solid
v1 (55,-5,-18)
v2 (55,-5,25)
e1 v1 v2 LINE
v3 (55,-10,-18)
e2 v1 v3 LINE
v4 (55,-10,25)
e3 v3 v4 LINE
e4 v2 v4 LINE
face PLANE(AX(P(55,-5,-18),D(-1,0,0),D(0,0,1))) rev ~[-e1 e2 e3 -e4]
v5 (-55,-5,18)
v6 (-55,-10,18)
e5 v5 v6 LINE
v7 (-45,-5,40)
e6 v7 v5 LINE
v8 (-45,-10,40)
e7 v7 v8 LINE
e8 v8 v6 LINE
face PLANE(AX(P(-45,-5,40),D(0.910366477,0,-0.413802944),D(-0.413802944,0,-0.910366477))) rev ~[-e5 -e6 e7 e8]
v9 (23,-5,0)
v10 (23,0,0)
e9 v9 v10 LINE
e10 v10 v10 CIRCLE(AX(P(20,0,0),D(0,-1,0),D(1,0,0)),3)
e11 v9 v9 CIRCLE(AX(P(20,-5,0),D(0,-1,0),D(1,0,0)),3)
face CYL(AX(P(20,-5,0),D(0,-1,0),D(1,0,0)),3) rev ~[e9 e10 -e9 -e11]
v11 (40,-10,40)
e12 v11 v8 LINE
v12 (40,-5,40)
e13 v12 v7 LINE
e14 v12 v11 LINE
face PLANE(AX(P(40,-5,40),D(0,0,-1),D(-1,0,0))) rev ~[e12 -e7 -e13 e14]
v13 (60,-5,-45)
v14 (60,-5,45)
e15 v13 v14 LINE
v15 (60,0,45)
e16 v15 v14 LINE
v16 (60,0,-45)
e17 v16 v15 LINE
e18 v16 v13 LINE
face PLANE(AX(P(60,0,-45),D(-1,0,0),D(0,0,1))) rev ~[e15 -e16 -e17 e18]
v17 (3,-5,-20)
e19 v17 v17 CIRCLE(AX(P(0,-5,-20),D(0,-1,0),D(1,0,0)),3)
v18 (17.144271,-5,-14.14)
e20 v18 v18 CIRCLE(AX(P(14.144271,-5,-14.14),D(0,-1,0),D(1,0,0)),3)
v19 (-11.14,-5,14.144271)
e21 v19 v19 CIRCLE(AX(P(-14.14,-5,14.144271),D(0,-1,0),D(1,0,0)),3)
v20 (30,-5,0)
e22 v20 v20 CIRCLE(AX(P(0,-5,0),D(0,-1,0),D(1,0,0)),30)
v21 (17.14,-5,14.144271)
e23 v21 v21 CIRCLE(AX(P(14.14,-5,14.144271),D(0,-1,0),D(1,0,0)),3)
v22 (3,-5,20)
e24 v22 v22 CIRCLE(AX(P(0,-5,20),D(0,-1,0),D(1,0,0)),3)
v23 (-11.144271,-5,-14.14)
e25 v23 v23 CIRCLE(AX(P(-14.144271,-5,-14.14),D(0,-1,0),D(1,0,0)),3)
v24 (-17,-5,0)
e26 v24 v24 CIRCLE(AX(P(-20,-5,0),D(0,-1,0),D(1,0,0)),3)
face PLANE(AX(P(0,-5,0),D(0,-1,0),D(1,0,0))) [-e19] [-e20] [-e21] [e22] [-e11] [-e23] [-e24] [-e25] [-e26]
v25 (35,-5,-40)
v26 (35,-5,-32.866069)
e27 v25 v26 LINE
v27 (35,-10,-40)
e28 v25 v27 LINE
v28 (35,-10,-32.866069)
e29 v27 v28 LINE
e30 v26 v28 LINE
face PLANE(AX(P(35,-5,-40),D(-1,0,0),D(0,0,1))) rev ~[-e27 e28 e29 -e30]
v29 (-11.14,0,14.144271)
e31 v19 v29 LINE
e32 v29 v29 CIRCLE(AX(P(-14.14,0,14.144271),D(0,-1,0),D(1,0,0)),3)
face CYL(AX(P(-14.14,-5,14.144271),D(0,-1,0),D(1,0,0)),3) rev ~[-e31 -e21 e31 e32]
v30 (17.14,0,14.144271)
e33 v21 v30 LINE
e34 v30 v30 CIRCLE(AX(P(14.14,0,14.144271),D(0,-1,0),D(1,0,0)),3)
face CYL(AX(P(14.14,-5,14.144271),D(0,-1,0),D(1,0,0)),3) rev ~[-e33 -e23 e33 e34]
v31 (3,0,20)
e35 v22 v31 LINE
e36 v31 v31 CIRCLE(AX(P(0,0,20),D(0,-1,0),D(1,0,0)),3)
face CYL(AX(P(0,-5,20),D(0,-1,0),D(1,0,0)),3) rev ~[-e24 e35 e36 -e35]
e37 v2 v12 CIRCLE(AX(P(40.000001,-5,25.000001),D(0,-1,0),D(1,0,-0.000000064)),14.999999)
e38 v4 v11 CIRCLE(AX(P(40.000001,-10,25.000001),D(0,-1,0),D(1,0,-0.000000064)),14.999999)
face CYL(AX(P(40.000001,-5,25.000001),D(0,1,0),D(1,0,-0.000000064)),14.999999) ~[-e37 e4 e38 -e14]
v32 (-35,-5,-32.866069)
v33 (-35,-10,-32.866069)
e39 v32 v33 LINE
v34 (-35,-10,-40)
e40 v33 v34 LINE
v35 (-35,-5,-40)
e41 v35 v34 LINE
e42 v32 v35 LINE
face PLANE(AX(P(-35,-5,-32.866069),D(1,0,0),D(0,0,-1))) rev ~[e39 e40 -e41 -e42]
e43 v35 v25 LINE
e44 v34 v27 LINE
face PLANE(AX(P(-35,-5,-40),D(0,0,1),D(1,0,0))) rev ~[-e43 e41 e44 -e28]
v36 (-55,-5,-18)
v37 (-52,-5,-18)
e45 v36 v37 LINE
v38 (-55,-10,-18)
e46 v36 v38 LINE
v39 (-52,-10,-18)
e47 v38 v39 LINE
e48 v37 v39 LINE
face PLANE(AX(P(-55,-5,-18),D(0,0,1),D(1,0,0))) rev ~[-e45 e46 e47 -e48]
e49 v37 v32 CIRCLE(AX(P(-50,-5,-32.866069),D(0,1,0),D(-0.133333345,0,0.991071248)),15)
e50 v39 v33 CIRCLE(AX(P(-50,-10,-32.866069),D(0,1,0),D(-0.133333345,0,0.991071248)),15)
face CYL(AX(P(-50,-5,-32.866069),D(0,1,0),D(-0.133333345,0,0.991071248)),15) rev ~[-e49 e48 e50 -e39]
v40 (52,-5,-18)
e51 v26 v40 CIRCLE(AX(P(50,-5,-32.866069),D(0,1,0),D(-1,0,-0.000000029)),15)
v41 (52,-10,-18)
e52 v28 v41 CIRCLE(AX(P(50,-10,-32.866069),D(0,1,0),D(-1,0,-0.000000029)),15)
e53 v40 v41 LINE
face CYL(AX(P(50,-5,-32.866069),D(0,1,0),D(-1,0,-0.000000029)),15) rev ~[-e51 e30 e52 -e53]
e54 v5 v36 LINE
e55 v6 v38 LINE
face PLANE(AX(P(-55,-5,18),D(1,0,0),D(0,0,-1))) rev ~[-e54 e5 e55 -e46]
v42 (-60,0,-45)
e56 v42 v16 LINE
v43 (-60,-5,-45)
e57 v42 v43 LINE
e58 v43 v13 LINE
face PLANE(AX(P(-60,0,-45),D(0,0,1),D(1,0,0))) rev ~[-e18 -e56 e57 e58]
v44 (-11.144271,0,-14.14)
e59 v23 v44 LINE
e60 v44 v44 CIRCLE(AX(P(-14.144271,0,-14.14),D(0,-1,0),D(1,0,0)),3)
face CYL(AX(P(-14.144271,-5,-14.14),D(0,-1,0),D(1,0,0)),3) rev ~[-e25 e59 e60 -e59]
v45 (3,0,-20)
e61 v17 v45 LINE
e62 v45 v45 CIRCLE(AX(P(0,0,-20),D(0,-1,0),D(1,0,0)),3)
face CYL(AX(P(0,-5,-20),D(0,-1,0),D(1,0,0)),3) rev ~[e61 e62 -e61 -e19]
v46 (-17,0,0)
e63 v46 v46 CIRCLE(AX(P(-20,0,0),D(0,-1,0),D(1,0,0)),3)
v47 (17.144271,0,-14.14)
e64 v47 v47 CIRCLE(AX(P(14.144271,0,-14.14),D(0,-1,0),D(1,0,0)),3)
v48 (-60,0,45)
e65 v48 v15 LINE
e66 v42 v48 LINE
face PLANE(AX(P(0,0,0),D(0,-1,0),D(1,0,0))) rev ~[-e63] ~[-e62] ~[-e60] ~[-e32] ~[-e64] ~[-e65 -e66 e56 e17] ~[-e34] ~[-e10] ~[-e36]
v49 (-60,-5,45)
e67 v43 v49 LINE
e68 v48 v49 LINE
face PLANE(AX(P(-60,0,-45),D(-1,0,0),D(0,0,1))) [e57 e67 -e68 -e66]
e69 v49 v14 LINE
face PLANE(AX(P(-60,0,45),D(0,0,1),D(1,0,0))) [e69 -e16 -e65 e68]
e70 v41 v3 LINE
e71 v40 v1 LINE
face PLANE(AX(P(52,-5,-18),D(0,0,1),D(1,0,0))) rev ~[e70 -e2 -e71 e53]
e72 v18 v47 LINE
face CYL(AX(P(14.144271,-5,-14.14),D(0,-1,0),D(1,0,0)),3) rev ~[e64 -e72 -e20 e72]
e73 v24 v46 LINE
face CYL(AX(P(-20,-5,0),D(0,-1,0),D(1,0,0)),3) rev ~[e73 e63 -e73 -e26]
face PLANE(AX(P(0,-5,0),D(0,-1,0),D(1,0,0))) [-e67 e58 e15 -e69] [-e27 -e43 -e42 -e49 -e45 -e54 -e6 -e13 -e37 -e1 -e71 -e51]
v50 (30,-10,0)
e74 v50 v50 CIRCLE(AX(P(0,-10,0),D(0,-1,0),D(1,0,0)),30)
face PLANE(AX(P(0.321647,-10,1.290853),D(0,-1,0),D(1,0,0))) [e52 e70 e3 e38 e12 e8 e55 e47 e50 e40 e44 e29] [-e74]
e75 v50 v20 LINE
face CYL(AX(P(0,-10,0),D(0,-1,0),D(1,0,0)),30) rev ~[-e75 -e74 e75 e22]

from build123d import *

# Parameters (mm, degrees)
F0_W     = 120
F0_H     = 90
F1_DEPTH = 5
F3_DEPTH = 5
F4_R     = 30
F5_DEPTH = 5
F6_R     = 3
F7_DEPTH = 5


with BuildPart() as f1:
    # F0 (on Front) → F1 (new body)
    with BuildSketch(Plane.XZ):
        Rectangle(F0_W, F0_H)
    extrude(amount=F1_DEPTH)

    # F2 (on face) → F3 (join)
    with BuildSketch(Plane.XZ.offset(5)):
        with BuildLine():
            Line((-45, 40), (-55, 18))
            Line((-55, 18), (-55, -18))
            Line((-55, -18), (-52, -18))
            ThreePointArc((-52, -18), (-40.125791, -21.574479), (-35, -32.866069))
            Line((-35, -32.866069), (-35, -40))
            Line((-35, -40), (35, -40))
            Line((35, -40), (35, -32.866069))
            ThreePointArc((35, -32.866069), (40.125791, -21.574479), (52, -18))
            Line((52, -18), (55, -18))
            Line((55, -18), (55, 25))
            ThreePointArc((55, 25), (50.606602, 35.606602), (40, 40))
            Line((40, 40), (-45, 40))
        make_face()
    extrude(amount=F3_DEPTH)

    # F4 (on face) → F5 (cut)
    with BuildSketch(Plane.XZ.offset(10)):
        Circle(F4_R)
    extrude(amount=-F5_DEPTH, mode=Mode.SUBTRACT)

    # F6 (on face) → F7 (cut)
    with BuildSketch(Plane.XZ.offset(5)):
        with Locations((-14.14, 14.144271)):
            Circle(F6_R)
        with Locations((0, 20)):
            Circle(F6_R)
        with Locations((14.14, 14.144271)):
            Circle(F6_R)
        with Locations((20, 0)):
            Circle(F6_R)
        with Locations((14.144271, -14.14)):
            Circle(F6_R)
        with Locations((0, -20)):
            Circle(F6_R)
        with Locations((-14.144271, -14.14)):
            Circle(F6_R)
        with Locations((-20, 0)):
            Circle(F6_R)
    extrude(amount=-F7_DEPTH, mode=Mode.SUBTRACT)


solid = f1.part
